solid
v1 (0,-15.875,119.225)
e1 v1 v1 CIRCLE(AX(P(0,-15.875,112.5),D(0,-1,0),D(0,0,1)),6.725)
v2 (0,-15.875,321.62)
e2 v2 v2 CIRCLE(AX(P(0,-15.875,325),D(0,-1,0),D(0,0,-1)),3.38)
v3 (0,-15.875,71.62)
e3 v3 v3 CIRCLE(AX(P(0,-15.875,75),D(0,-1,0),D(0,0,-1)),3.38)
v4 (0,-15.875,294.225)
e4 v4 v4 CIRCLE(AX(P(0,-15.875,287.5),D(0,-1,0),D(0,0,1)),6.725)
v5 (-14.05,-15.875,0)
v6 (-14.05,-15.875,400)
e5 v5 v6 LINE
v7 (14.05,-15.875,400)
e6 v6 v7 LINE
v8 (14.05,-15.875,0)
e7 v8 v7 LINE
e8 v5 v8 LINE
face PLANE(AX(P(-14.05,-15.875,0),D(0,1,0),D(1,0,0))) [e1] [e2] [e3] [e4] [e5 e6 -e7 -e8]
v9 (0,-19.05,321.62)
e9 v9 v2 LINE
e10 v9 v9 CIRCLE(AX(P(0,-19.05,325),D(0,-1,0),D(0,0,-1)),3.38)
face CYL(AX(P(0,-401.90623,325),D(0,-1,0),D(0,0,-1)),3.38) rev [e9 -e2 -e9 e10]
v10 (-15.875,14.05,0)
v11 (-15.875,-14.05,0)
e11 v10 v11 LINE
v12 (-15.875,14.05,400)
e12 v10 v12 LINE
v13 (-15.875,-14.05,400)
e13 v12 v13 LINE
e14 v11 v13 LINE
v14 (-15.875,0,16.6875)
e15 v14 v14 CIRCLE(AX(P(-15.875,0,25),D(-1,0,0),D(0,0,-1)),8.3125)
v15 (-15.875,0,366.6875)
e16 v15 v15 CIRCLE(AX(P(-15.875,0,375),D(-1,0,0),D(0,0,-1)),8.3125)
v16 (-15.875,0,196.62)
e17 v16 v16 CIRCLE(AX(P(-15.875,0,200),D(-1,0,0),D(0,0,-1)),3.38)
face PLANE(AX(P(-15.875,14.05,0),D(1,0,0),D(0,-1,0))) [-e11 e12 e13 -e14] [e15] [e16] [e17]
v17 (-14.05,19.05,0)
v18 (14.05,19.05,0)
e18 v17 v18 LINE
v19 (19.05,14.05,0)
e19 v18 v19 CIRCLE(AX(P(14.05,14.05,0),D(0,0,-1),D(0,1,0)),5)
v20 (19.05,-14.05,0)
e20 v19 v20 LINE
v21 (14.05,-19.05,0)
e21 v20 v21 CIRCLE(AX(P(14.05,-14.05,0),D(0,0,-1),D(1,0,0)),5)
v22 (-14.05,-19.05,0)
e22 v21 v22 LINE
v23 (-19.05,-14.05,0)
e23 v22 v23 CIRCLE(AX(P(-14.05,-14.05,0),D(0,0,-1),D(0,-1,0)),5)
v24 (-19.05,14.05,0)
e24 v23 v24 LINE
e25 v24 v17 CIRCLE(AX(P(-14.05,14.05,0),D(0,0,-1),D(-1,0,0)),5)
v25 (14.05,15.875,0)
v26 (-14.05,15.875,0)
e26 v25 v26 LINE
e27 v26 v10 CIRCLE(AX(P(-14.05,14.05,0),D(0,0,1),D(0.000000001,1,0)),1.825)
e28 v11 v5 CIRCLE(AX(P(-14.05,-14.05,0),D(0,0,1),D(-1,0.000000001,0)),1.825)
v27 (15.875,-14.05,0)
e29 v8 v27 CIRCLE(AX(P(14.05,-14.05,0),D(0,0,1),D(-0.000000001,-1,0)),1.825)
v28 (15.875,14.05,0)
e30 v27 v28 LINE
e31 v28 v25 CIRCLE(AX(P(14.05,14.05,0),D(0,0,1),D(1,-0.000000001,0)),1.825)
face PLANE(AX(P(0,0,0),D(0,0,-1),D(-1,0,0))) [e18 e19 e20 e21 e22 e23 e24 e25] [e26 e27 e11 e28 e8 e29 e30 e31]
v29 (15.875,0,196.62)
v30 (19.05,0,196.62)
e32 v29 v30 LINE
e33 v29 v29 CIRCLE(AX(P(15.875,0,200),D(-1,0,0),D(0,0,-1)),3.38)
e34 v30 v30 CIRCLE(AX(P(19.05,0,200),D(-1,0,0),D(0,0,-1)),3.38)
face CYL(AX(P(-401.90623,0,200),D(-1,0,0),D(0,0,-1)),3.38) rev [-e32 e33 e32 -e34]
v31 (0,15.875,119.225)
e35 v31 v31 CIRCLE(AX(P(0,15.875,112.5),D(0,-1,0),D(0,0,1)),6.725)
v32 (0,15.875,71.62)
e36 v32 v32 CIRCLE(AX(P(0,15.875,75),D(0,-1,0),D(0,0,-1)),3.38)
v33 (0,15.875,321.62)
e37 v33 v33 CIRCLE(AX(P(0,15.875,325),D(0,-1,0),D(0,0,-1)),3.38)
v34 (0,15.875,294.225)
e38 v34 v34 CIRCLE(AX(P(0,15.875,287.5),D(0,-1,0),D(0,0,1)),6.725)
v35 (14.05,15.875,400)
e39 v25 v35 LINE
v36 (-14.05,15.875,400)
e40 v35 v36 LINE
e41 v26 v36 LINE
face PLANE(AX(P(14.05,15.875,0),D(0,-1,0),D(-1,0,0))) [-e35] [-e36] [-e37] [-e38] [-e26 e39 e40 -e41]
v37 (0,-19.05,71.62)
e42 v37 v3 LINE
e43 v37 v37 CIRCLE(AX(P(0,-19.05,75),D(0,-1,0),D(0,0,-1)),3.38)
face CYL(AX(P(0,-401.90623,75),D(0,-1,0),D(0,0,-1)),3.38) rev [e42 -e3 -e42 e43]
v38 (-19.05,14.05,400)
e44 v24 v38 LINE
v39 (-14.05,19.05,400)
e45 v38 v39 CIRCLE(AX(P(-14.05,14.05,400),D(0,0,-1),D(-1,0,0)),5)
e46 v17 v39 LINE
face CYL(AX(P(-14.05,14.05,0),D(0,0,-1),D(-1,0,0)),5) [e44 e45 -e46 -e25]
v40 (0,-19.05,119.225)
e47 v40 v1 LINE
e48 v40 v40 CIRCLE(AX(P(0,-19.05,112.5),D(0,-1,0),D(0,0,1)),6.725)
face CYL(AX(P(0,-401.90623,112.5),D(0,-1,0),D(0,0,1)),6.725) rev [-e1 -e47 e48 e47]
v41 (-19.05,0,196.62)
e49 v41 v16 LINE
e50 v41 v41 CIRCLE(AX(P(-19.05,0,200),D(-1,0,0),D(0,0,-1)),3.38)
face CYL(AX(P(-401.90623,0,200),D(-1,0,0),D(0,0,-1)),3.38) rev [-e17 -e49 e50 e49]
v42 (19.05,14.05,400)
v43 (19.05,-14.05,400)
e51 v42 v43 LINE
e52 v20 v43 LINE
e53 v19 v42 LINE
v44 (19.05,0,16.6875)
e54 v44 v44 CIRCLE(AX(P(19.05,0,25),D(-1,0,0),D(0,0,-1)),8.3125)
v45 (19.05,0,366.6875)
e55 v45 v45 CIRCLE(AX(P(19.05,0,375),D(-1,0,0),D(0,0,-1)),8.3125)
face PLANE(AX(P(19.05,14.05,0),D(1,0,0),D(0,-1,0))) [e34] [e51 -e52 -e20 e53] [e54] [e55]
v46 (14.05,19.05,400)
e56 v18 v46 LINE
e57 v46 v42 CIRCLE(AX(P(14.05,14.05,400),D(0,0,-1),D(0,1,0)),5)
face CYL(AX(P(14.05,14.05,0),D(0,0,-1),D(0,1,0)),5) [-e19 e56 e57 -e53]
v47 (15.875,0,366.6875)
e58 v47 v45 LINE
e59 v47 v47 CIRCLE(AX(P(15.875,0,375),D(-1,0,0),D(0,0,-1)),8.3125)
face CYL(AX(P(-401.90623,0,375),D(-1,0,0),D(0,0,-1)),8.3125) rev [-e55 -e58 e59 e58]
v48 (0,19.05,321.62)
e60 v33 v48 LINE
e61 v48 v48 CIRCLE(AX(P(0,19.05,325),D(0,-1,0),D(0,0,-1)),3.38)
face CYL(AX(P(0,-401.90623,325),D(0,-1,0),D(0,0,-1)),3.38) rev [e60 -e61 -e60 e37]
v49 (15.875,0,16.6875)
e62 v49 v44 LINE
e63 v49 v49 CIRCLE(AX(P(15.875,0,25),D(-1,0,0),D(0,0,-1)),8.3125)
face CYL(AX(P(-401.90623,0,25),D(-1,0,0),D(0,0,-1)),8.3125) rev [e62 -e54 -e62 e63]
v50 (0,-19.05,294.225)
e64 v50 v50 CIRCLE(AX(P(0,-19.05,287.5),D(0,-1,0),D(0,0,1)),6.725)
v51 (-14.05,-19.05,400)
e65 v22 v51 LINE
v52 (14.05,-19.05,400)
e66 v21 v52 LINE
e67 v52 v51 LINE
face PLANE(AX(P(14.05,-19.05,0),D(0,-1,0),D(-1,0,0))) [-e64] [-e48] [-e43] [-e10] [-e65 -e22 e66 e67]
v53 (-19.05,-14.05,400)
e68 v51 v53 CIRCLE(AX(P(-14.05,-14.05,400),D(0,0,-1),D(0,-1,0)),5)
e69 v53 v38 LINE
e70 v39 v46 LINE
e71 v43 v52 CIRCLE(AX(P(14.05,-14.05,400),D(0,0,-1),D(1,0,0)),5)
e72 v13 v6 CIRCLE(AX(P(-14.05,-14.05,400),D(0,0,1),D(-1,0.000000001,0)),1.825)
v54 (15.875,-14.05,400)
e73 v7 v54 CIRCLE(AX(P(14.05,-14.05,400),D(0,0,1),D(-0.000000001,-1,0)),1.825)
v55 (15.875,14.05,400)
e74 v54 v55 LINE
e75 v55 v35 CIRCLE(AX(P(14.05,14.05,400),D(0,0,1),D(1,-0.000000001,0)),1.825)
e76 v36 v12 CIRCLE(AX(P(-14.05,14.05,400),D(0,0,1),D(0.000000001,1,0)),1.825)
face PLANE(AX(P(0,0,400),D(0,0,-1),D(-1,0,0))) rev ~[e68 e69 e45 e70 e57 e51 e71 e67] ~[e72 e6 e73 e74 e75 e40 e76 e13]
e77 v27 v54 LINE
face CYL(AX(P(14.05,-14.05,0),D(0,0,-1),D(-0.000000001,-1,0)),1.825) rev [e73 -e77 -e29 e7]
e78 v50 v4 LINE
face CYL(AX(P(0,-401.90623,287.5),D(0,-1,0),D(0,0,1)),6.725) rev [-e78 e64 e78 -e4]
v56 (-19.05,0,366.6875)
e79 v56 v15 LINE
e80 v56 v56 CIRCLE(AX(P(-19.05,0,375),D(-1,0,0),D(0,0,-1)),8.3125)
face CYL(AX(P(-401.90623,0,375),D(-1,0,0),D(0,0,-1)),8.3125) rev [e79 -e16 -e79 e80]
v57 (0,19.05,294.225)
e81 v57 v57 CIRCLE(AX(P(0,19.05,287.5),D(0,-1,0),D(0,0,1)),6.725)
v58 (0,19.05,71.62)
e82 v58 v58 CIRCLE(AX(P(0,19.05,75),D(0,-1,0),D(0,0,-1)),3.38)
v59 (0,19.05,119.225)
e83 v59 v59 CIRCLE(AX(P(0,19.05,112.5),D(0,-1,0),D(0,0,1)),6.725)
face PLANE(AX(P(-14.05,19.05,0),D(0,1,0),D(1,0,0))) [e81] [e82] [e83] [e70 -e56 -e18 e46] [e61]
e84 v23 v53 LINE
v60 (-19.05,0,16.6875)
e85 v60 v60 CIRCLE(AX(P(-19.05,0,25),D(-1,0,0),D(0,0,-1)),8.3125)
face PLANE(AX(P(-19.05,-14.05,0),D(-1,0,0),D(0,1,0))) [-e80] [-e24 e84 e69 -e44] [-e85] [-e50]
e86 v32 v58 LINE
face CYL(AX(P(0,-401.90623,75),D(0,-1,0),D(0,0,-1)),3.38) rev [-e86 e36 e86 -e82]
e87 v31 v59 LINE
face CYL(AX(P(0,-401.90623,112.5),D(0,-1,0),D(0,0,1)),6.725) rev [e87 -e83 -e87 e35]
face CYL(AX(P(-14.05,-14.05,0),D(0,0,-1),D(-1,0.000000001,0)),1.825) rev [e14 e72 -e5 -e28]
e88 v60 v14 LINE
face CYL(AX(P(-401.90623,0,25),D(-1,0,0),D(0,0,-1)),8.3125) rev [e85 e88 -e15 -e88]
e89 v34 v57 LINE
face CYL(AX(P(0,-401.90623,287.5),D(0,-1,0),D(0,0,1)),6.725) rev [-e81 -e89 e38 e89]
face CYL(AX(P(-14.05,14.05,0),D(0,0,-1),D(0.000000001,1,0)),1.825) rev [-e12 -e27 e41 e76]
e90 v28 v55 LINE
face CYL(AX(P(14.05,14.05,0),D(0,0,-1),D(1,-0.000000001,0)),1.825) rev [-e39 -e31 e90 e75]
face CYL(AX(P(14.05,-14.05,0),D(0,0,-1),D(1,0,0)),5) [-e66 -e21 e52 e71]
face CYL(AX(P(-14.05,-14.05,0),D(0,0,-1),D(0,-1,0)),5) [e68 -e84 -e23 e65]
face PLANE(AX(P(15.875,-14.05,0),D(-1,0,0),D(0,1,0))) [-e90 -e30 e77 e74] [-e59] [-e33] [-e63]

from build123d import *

# Parameters (mm, degrees)
BOSS_EXTRUDE1_DEPTH             = 400
CUT_EXTRUDE1_DEPTH              = 401.906229685
CUT_EXTRUDE1_DEPTH_BACK         = 401.906229685
SKETCH2_R                       = 8.3125
CUT_EXTRUDE2_DEPTH              = 401.906229685
CUT_EXTRUDE2_DEPTH_BACK         = 401.906229685
SKETCH3_R                       = 3.38
CUT_EXTRUDE3_DEPTH              = 401.906229685
CUT_EXTRUDE3_DEPTH_BACK         = 401.906229685
SKETCH4_R                       = 3.38
BROOM_MOUNTING_HOLES_DEPTH      = 401.906229685
BROOM_MOUNTING_HOLES_DEPTH_BACK = 401.906229685
SKETCH6_R                       = 6.725


with BuildPart() as part:
    # Sketch1 → Boss-Extrude1 (new body)
    with BuildSketch(Plane.XY):
        with BuildLine():
            Line((-14.05, 19.05), (14.05, 19.05))
            ThreePointArc((14.05, 19.05), (17.585533906, 17.585533906), (19.05, 14.05))
            Line((19.05, 14.05), (19.05, -14.05))
            ThreePointArc((19.05, -14.05), (17.585533906, -17.585533906), (14.05, -19.05))
            Line((14.05, -19.05), (-14.05, -19.05))
            ThreePointArc((-14.05, -19.05), (-17.585533906, -17.585533906), (-19.05, -14.05))
            Line((-19.05, -14.05), (-19.05, 14.05))
            ThreePointArc((-19.05, 14.05), (-17.585533906, 17.585533906), (-14.05, 19.05))
        make_face()
        with BuildLine():
            Line((-15.875, 14.05), (-15.875, -14.05))
            ThreePointArc((-15.875, -14.05), (-15.340469876, -15.340469876), (-14.05, -15.875))
            Line((-14.05, -15.875), (14.05, -15.875))
            ThreePointArc((14.05, -15.875), (15.340469876, -15.340469876), (15.875, -14.05))
            Line((15.875, -14.05), (15.875, 14.05))
            ThreePointArc((15.875, 14.05), (15.340469876, 15.340469876), (14.05, 15.875))
            Line((14.05, 15.875), (-14.05, 15.875))
            ThreePointArc((-14.05, 15.875), (-15.340469876, 15.340469876), (-15.875, 14.05))
        make_face(mode=Mode.SUBTRACT)
    extrude(amount=BOSS_EXTRUDE1_DEPTH)

    # Sketch2 → Cut-Extrude1 (cut, two sides: drawn at the far end of the back side and taken through both)
    with BuildSketch(Plane(origin=(0, 0, 0), x_dir=(0, 0, -1), z_dir=(1, 0, 0)).offset(-CUT_EXTRUDE1_DEPTH_BACK)):
        with Locations((-375, 0)):
            Circle(SKETCH2_R)
        with Locations((-25, 0)):
            Circle(SKETCH2_R)
    extrude(amount=CUT_EXTRUDE1_DEPTH + CUT_EXTRUDE1_DEPTH_BACK, mode=Mode.SUBTRACT)

    # Sketch3 → Cut-Extrude2 (cut, two sides: drawn at the far end of the back side and taken through both)
    with BuildSketch(Plane(origin=(0, 0, 0), x_dir=(1, 0, 0), z_dir=(0, 1, 0)).offset(-CUT_EXTRUDE2_DEPTH_BACK)):
        with Locations(Location((0, -325, 0), (0, 0, 90))):
            Circle(SKETCH3_R)
        with Locations(Location((0, -75, 0), (0, 0, 90))):
            Circle(SKETCH3_R)
    extrude(amount=CUT_EXTRUDE2_DEPTH + CUT_EXTRUDE2_DEPTH_BACK, mode=Mode.SUBTRACT)

    # Sketch4 → Cut-Extrude3 (cut, two sides: drawn at the far end of the back side and taken through both)
    with BuildSketch(Plane(origin=(0, 0, 0), x_dir=(0, 0, -1), z_dir=(1, 0, 0)).offset(-CUT_EXTRUDE3_DEPTH_BACK)):
        with Locations((-200, 0)):
            Circle(SKETCH4_R)
    extrude(amount=CUT_EXTRUDE3_DEPTH + CUT_EXTRUDE3_DEPTH_BACK, mode=Mode.SUBTRACT)

    # Sketch6 → Broom Mounting Holes (cut, two sides: drawn at the far end of the back side and taken through both)
    with BuildSketch(Plane(origin=(0, 0, 0), x_dir=(1, 0, 0), z_dir=(0, 1, 0)).offset(-BROOM_MOUNTING_HOLES_DEPTH_BACK)):
        with Locations(Location((0, -112.5, 0), (0, 0, 270))):
            Circle(SKETCH6_R)
        with Locations(Location((0, -287.5, 0), (0, 0, 270))):
            Circle(SKETCH6_R)
    extrude(amount=BROOM_MOUNTING_HOLES_DEPTH + BROOM_MOUNTING_HOLES_DEPTH_BACK, mode=Mode.SUBTRACT)


solid = part.part
